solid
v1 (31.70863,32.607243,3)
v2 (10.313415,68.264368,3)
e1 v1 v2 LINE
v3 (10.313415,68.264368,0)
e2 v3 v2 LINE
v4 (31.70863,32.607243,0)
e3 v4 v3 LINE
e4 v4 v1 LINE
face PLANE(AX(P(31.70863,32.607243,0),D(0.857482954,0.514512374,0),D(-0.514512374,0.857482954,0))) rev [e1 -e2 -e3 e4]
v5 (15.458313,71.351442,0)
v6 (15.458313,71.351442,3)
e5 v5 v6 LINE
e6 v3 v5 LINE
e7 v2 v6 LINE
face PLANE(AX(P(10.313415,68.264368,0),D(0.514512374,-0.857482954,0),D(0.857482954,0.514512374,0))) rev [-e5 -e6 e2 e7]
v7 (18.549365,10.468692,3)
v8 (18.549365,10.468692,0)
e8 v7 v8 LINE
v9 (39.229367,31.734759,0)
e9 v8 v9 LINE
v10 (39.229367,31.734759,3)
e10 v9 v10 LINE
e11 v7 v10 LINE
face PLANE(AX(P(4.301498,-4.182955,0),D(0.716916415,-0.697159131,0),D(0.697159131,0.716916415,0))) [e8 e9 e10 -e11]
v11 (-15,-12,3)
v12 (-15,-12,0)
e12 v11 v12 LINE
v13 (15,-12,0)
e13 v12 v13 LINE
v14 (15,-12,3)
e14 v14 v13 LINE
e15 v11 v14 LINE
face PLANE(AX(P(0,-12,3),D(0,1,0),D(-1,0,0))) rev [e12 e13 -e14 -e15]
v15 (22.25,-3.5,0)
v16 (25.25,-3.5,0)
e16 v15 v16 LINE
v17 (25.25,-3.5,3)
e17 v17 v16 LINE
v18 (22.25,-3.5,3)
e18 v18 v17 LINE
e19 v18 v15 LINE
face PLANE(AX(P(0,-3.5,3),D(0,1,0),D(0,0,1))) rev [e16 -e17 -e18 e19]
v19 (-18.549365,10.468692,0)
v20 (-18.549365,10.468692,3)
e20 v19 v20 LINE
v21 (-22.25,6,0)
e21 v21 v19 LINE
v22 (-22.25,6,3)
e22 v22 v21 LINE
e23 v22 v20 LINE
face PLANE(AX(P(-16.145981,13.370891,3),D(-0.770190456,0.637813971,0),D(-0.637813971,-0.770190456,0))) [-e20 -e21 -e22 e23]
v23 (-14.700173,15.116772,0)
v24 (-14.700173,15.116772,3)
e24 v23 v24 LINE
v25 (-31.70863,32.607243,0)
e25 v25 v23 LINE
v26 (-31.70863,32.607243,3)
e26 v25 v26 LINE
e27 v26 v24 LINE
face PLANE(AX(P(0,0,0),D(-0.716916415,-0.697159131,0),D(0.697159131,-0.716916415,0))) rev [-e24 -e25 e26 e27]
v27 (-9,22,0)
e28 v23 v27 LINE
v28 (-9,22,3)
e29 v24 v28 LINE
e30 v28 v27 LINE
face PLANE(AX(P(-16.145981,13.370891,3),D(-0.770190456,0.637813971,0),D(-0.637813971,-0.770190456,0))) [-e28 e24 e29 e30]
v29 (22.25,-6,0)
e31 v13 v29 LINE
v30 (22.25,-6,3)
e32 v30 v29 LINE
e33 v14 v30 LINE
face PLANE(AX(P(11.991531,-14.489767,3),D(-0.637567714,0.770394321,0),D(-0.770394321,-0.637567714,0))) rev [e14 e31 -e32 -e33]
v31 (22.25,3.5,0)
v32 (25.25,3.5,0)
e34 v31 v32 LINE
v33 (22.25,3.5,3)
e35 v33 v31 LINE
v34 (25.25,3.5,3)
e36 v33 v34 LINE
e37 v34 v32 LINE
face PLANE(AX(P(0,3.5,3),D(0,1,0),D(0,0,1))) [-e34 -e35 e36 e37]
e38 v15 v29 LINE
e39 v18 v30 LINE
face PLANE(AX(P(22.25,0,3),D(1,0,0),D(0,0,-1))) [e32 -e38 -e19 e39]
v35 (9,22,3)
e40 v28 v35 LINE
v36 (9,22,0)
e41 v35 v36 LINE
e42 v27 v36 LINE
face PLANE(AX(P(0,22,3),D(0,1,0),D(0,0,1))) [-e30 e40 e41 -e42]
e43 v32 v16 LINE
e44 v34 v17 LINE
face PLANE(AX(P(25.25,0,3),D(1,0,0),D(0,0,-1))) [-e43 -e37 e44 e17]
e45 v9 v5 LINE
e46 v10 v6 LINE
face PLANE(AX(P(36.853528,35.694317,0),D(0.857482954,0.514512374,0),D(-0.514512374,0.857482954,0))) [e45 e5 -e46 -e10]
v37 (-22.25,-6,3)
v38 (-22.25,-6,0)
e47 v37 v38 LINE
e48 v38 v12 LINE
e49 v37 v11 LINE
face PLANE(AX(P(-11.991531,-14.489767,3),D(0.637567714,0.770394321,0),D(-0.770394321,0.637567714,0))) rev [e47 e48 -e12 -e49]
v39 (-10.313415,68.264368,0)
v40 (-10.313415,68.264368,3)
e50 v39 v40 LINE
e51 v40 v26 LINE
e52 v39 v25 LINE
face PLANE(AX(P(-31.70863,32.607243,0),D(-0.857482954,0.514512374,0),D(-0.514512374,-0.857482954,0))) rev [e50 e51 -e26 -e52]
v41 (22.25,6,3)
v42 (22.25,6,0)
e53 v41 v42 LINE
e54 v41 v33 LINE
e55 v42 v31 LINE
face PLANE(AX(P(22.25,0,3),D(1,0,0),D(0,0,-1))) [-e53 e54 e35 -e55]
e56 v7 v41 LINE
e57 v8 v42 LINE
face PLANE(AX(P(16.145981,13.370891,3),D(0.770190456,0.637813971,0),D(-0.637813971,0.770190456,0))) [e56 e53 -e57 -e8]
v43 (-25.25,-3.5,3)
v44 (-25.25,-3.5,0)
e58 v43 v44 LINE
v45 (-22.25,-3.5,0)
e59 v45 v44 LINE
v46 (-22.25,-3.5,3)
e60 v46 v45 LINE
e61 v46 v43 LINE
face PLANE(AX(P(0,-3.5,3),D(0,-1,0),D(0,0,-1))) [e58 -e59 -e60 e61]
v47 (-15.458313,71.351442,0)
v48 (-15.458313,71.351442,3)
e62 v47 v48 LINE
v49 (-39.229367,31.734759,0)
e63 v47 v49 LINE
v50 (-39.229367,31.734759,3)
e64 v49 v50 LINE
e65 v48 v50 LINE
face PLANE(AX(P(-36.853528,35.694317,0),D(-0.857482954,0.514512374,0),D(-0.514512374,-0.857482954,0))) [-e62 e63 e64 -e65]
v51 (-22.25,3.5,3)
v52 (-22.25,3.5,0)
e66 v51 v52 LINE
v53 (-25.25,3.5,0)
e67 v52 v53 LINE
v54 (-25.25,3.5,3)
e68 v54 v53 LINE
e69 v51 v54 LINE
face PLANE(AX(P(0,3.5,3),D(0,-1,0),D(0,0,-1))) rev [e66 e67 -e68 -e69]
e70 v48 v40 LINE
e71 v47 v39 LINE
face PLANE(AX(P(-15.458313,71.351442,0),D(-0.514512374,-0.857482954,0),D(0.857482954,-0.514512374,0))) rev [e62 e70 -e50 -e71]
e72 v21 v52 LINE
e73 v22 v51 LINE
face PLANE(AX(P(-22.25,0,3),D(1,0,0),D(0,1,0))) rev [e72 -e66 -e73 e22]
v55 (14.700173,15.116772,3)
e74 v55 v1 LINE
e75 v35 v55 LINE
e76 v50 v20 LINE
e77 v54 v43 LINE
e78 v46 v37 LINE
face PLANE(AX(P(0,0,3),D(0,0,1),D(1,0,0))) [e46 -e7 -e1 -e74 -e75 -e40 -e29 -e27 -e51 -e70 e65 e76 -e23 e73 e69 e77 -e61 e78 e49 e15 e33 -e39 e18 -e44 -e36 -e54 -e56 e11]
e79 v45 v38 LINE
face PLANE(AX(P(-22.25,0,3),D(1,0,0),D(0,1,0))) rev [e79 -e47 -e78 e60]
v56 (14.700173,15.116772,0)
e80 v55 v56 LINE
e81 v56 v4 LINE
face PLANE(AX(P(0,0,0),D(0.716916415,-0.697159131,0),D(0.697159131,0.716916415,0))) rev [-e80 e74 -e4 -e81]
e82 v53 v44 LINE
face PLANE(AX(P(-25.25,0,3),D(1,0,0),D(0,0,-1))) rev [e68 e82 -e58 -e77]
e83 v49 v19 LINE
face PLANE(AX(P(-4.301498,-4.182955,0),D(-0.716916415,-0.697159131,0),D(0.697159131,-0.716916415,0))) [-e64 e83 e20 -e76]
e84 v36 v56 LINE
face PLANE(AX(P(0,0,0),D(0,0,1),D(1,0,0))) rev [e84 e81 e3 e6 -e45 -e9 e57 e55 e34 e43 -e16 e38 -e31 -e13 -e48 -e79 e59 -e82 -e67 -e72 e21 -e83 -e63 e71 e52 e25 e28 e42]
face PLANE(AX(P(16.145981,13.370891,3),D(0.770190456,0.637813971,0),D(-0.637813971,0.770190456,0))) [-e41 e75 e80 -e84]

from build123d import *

# Parameters (mm, degrees)
CROQUIS1_W              = 44.5
CROQUIS1_H              = 12
CROQUIS1_W_2            = 3
CROQUIS1_H_2            = 7
SALIENTE_EXTRUIR1_DEPTH = 3
EXTRUIR_L_MINA1_DEPTH   = 3


with BuildPart() as part:
    # Croquis1 → Saliente-Extruir1 (new body)
    with BuildSketch(Plane.XY):
        Polygon((-15, -12), (15, -12), (22.25, -6), (-22.25, -6), align=None)
        Rectangle(CROQUIS1_W, CROQUIS1_H)
        Polygon((9, 22), (22.25, 6), (-22.25, 6), (-9, 22), align=None)
        with Locations((23.75, 0)):
            Rectangle(CROQUIS1_W_2, CROQUIS1_H_2)
        with Locations((-23.75, 0)):
            Rectangle(CROQUIS1_W_2, CROQUIS1_H_2)
    extrude(amount=SALIENTE_EXTRUIR1_DEPTH)

    # Croquis2 → Extruir-Lámina1 (add, through all)
    with BuildSketch(Plane.XY.offset(3)):
        Polygon((10.313415418, 68.264367666), (31.70862995, 32.607243184), (0, 0), (-31.70862995, 32.607243184), (-10.313415418, 68.264367666), (-15.458313145, 71.35144191), (-39.229366975, 31.734759205), (0, -8.606356476), (39.229366975, 31.734759205), (15.458313145, 71.35144191), align=None)
    extrude(amount=-EXTRUIR_L_MINA1_DEPTH)


solid = part.part
